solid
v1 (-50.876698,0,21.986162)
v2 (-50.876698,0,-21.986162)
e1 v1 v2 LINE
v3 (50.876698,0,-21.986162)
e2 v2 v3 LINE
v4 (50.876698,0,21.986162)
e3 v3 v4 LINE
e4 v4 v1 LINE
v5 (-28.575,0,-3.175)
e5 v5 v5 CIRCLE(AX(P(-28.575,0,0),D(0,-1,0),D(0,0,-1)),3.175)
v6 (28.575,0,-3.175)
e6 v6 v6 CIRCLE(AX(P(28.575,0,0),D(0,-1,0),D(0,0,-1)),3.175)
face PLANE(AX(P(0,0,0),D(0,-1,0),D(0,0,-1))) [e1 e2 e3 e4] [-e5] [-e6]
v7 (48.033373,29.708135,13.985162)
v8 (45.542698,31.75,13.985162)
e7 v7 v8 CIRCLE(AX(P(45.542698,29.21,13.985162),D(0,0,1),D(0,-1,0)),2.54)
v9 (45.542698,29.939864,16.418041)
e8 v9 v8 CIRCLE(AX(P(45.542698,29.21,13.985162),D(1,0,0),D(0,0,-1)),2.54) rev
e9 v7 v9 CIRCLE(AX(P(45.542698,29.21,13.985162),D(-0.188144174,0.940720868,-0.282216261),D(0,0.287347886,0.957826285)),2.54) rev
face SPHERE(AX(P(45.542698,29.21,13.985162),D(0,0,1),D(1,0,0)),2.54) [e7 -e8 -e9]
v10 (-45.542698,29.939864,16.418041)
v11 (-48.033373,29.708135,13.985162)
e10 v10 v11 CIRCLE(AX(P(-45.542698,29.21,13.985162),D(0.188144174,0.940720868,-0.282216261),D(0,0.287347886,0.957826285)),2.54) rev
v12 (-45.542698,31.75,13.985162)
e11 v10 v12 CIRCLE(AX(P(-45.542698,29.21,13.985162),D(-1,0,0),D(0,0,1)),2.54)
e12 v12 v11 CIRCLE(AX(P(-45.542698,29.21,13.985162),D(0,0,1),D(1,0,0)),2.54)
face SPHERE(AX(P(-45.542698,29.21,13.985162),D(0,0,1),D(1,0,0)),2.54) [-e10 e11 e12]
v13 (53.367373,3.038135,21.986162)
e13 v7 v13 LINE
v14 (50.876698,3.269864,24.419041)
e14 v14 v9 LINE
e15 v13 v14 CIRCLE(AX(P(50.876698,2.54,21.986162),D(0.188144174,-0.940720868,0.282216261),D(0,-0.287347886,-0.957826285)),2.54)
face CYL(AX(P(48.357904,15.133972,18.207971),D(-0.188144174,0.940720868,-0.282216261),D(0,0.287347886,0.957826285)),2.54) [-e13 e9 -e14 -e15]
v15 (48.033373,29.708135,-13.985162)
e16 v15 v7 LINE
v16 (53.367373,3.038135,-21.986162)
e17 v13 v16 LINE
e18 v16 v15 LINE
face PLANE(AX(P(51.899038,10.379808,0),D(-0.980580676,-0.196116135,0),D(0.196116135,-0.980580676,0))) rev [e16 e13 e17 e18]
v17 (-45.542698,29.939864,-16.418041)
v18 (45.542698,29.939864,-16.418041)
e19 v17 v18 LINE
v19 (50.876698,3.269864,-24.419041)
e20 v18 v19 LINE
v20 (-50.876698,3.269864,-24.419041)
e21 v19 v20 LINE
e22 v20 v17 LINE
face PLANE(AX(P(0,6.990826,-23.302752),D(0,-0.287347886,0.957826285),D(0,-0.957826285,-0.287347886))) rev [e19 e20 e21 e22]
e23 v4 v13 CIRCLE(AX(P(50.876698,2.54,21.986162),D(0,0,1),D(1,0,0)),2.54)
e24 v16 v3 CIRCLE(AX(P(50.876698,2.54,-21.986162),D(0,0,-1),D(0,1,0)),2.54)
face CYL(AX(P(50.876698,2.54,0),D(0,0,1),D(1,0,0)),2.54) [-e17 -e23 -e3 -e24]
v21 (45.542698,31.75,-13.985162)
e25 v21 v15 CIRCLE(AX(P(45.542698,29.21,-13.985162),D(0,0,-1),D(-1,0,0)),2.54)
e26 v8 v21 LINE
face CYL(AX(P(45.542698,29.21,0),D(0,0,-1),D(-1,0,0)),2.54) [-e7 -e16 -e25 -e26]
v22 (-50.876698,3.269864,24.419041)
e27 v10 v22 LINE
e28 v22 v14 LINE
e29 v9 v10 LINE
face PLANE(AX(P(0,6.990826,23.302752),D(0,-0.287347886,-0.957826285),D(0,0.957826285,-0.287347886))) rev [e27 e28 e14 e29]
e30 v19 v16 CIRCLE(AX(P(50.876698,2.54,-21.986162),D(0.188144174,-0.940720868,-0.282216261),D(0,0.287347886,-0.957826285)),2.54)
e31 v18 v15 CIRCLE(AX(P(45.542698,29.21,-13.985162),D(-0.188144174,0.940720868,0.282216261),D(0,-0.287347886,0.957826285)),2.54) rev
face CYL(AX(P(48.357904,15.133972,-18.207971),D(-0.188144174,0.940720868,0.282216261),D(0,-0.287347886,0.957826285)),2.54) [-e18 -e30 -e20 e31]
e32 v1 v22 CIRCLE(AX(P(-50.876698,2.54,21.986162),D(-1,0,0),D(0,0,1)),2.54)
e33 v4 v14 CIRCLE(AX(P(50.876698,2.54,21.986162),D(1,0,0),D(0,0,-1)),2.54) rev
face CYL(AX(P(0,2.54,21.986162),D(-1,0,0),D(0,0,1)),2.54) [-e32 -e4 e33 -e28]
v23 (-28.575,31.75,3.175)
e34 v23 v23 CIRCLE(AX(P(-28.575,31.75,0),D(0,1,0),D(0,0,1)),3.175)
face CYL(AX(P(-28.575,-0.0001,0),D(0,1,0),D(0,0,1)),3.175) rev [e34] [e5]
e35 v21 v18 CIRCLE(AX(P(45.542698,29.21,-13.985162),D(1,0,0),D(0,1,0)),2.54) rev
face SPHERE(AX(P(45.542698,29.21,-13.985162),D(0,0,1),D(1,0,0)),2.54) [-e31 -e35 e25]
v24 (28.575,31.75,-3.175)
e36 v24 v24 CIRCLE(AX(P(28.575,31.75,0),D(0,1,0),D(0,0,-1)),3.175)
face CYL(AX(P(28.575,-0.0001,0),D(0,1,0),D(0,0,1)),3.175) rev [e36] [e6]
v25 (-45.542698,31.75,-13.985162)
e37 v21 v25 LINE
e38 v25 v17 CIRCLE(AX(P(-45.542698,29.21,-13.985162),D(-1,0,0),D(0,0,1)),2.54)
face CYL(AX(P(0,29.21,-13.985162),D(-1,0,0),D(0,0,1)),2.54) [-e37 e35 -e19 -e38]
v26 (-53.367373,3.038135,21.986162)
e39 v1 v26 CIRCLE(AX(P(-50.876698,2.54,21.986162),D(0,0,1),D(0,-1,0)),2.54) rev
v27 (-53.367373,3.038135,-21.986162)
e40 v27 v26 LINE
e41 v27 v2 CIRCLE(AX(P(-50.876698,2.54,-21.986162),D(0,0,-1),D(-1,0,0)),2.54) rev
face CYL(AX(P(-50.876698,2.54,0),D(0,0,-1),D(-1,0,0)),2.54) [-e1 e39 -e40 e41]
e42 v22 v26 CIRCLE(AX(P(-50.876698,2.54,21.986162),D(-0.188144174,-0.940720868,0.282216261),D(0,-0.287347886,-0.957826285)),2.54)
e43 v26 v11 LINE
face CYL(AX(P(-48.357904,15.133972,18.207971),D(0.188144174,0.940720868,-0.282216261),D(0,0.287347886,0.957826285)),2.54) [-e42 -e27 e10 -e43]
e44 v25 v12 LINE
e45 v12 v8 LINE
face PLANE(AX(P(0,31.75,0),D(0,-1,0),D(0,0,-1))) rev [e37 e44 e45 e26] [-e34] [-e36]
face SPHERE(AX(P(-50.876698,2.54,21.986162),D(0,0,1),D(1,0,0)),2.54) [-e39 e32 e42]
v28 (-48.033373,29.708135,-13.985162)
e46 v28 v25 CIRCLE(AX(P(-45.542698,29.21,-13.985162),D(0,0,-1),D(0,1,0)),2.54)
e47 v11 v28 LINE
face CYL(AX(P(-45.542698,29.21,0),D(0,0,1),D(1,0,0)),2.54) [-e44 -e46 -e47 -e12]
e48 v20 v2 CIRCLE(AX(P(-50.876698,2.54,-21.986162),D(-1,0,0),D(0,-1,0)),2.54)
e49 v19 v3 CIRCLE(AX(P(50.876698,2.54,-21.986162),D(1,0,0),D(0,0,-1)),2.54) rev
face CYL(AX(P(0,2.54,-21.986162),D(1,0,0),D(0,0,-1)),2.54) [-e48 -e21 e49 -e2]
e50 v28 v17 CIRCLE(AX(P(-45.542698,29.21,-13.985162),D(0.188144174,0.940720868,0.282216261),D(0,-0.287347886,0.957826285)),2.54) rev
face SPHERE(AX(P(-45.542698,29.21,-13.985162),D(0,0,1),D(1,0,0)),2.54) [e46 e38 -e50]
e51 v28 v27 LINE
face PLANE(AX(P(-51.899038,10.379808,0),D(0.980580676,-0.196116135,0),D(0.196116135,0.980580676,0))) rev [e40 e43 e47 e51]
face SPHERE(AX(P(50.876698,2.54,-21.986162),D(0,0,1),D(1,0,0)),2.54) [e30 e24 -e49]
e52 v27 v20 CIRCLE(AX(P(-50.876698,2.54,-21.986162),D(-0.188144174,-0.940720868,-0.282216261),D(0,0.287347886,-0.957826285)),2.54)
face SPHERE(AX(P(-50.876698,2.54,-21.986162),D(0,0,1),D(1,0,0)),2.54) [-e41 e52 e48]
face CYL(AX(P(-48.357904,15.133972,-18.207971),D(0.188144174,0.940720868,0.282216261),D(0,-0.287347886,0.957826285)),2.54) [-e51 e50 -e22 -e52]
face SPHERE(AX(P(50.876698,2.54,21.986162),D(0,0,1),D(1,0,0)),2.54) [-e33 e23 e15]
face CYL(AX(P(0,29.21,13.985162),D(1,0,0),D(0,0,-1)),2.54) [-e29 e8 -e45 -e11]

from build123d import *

# Parameters (mm, degrees)
SKETCH3_R          = 3.175
CUT_EXTRUDE1_DEPTH = 68.57605454
FILLET1_R          = 2.54


with BuildPart() as part:
    # Sketch1 → Loft1 section 0
    with BuildSketch(Plane(origin=(0, 0, 0), x_dir=(1, 0, 0), z_dir=(0, 1, 0))):
        with BuildLine():
            Line((-53.975, -25.4), (53.975, -25.4))
            Line((53.975, -25.4), (53.975, 25.4))
            Line((53.975, 25.4), (-53.975, 25.4))
            Line((-53.975, 25.4), (-53.975, -25.4))
        make_face()
    # Sketch2 → Loft1 section 1
    with BuildSketch(Plane(origin=(0, 31.75, 0), x_dir=(1, 0, 0), z_dir=(0, 1, 0))):
        with BuildLine():
            Line((-47.625, -15.875), (47.625, -15.875))
            Line((47.625, -15.875), (47.625, 15.875))
            Line((47.625, 15.875), (-47.625, 15.875))
            Line((-47.625, 15.875), (-47.625, -15.875))
        make_face()
    loft()

    # Sketch3 → Cut-Extrude1 (cut, through all)
    with BuildSketch(Plane(origin=(0, 31.75, 0), x_dir=(1, 0, 0), z_dir=(0, 1, 0))):
        with Locations(Location((-28.575, 0, 0), (0, 0, 270))):
            Circle(SKETCH3_R)
        with Locations(Location((28.575, 0, 0), (0, 0, 90))):
            Circle(SKETCH3_R)
    extrude(amount=-CUT_EXTRUDE1_DEPTH, mode=Mode.SUBTRACT)

    # Fillet1
    fillet1_edges = [part.edges().sort_by_distance(p)[0] for p in [
        (-53.975, 0, 0),
        (0, 31.75, 15.875),
        (-47.625, 31.75, 0),
        (0, 31.75, -15.875),
        (47.625, 31.75, 0),
        (0, 0, 25.4),
        (53.975, 0, 0),
        (-50.8, 15.875, -20.6375),
        (0, 0, -25.4),
        (50.8, 15.875, -20.6375),
        (-50.8, 15.875, 20.6375),
        (50.8, 15.875, 20.6375),
    ]]
    fillet(fillet1_edges, radius=FILLET1_R)


solid = part.part
